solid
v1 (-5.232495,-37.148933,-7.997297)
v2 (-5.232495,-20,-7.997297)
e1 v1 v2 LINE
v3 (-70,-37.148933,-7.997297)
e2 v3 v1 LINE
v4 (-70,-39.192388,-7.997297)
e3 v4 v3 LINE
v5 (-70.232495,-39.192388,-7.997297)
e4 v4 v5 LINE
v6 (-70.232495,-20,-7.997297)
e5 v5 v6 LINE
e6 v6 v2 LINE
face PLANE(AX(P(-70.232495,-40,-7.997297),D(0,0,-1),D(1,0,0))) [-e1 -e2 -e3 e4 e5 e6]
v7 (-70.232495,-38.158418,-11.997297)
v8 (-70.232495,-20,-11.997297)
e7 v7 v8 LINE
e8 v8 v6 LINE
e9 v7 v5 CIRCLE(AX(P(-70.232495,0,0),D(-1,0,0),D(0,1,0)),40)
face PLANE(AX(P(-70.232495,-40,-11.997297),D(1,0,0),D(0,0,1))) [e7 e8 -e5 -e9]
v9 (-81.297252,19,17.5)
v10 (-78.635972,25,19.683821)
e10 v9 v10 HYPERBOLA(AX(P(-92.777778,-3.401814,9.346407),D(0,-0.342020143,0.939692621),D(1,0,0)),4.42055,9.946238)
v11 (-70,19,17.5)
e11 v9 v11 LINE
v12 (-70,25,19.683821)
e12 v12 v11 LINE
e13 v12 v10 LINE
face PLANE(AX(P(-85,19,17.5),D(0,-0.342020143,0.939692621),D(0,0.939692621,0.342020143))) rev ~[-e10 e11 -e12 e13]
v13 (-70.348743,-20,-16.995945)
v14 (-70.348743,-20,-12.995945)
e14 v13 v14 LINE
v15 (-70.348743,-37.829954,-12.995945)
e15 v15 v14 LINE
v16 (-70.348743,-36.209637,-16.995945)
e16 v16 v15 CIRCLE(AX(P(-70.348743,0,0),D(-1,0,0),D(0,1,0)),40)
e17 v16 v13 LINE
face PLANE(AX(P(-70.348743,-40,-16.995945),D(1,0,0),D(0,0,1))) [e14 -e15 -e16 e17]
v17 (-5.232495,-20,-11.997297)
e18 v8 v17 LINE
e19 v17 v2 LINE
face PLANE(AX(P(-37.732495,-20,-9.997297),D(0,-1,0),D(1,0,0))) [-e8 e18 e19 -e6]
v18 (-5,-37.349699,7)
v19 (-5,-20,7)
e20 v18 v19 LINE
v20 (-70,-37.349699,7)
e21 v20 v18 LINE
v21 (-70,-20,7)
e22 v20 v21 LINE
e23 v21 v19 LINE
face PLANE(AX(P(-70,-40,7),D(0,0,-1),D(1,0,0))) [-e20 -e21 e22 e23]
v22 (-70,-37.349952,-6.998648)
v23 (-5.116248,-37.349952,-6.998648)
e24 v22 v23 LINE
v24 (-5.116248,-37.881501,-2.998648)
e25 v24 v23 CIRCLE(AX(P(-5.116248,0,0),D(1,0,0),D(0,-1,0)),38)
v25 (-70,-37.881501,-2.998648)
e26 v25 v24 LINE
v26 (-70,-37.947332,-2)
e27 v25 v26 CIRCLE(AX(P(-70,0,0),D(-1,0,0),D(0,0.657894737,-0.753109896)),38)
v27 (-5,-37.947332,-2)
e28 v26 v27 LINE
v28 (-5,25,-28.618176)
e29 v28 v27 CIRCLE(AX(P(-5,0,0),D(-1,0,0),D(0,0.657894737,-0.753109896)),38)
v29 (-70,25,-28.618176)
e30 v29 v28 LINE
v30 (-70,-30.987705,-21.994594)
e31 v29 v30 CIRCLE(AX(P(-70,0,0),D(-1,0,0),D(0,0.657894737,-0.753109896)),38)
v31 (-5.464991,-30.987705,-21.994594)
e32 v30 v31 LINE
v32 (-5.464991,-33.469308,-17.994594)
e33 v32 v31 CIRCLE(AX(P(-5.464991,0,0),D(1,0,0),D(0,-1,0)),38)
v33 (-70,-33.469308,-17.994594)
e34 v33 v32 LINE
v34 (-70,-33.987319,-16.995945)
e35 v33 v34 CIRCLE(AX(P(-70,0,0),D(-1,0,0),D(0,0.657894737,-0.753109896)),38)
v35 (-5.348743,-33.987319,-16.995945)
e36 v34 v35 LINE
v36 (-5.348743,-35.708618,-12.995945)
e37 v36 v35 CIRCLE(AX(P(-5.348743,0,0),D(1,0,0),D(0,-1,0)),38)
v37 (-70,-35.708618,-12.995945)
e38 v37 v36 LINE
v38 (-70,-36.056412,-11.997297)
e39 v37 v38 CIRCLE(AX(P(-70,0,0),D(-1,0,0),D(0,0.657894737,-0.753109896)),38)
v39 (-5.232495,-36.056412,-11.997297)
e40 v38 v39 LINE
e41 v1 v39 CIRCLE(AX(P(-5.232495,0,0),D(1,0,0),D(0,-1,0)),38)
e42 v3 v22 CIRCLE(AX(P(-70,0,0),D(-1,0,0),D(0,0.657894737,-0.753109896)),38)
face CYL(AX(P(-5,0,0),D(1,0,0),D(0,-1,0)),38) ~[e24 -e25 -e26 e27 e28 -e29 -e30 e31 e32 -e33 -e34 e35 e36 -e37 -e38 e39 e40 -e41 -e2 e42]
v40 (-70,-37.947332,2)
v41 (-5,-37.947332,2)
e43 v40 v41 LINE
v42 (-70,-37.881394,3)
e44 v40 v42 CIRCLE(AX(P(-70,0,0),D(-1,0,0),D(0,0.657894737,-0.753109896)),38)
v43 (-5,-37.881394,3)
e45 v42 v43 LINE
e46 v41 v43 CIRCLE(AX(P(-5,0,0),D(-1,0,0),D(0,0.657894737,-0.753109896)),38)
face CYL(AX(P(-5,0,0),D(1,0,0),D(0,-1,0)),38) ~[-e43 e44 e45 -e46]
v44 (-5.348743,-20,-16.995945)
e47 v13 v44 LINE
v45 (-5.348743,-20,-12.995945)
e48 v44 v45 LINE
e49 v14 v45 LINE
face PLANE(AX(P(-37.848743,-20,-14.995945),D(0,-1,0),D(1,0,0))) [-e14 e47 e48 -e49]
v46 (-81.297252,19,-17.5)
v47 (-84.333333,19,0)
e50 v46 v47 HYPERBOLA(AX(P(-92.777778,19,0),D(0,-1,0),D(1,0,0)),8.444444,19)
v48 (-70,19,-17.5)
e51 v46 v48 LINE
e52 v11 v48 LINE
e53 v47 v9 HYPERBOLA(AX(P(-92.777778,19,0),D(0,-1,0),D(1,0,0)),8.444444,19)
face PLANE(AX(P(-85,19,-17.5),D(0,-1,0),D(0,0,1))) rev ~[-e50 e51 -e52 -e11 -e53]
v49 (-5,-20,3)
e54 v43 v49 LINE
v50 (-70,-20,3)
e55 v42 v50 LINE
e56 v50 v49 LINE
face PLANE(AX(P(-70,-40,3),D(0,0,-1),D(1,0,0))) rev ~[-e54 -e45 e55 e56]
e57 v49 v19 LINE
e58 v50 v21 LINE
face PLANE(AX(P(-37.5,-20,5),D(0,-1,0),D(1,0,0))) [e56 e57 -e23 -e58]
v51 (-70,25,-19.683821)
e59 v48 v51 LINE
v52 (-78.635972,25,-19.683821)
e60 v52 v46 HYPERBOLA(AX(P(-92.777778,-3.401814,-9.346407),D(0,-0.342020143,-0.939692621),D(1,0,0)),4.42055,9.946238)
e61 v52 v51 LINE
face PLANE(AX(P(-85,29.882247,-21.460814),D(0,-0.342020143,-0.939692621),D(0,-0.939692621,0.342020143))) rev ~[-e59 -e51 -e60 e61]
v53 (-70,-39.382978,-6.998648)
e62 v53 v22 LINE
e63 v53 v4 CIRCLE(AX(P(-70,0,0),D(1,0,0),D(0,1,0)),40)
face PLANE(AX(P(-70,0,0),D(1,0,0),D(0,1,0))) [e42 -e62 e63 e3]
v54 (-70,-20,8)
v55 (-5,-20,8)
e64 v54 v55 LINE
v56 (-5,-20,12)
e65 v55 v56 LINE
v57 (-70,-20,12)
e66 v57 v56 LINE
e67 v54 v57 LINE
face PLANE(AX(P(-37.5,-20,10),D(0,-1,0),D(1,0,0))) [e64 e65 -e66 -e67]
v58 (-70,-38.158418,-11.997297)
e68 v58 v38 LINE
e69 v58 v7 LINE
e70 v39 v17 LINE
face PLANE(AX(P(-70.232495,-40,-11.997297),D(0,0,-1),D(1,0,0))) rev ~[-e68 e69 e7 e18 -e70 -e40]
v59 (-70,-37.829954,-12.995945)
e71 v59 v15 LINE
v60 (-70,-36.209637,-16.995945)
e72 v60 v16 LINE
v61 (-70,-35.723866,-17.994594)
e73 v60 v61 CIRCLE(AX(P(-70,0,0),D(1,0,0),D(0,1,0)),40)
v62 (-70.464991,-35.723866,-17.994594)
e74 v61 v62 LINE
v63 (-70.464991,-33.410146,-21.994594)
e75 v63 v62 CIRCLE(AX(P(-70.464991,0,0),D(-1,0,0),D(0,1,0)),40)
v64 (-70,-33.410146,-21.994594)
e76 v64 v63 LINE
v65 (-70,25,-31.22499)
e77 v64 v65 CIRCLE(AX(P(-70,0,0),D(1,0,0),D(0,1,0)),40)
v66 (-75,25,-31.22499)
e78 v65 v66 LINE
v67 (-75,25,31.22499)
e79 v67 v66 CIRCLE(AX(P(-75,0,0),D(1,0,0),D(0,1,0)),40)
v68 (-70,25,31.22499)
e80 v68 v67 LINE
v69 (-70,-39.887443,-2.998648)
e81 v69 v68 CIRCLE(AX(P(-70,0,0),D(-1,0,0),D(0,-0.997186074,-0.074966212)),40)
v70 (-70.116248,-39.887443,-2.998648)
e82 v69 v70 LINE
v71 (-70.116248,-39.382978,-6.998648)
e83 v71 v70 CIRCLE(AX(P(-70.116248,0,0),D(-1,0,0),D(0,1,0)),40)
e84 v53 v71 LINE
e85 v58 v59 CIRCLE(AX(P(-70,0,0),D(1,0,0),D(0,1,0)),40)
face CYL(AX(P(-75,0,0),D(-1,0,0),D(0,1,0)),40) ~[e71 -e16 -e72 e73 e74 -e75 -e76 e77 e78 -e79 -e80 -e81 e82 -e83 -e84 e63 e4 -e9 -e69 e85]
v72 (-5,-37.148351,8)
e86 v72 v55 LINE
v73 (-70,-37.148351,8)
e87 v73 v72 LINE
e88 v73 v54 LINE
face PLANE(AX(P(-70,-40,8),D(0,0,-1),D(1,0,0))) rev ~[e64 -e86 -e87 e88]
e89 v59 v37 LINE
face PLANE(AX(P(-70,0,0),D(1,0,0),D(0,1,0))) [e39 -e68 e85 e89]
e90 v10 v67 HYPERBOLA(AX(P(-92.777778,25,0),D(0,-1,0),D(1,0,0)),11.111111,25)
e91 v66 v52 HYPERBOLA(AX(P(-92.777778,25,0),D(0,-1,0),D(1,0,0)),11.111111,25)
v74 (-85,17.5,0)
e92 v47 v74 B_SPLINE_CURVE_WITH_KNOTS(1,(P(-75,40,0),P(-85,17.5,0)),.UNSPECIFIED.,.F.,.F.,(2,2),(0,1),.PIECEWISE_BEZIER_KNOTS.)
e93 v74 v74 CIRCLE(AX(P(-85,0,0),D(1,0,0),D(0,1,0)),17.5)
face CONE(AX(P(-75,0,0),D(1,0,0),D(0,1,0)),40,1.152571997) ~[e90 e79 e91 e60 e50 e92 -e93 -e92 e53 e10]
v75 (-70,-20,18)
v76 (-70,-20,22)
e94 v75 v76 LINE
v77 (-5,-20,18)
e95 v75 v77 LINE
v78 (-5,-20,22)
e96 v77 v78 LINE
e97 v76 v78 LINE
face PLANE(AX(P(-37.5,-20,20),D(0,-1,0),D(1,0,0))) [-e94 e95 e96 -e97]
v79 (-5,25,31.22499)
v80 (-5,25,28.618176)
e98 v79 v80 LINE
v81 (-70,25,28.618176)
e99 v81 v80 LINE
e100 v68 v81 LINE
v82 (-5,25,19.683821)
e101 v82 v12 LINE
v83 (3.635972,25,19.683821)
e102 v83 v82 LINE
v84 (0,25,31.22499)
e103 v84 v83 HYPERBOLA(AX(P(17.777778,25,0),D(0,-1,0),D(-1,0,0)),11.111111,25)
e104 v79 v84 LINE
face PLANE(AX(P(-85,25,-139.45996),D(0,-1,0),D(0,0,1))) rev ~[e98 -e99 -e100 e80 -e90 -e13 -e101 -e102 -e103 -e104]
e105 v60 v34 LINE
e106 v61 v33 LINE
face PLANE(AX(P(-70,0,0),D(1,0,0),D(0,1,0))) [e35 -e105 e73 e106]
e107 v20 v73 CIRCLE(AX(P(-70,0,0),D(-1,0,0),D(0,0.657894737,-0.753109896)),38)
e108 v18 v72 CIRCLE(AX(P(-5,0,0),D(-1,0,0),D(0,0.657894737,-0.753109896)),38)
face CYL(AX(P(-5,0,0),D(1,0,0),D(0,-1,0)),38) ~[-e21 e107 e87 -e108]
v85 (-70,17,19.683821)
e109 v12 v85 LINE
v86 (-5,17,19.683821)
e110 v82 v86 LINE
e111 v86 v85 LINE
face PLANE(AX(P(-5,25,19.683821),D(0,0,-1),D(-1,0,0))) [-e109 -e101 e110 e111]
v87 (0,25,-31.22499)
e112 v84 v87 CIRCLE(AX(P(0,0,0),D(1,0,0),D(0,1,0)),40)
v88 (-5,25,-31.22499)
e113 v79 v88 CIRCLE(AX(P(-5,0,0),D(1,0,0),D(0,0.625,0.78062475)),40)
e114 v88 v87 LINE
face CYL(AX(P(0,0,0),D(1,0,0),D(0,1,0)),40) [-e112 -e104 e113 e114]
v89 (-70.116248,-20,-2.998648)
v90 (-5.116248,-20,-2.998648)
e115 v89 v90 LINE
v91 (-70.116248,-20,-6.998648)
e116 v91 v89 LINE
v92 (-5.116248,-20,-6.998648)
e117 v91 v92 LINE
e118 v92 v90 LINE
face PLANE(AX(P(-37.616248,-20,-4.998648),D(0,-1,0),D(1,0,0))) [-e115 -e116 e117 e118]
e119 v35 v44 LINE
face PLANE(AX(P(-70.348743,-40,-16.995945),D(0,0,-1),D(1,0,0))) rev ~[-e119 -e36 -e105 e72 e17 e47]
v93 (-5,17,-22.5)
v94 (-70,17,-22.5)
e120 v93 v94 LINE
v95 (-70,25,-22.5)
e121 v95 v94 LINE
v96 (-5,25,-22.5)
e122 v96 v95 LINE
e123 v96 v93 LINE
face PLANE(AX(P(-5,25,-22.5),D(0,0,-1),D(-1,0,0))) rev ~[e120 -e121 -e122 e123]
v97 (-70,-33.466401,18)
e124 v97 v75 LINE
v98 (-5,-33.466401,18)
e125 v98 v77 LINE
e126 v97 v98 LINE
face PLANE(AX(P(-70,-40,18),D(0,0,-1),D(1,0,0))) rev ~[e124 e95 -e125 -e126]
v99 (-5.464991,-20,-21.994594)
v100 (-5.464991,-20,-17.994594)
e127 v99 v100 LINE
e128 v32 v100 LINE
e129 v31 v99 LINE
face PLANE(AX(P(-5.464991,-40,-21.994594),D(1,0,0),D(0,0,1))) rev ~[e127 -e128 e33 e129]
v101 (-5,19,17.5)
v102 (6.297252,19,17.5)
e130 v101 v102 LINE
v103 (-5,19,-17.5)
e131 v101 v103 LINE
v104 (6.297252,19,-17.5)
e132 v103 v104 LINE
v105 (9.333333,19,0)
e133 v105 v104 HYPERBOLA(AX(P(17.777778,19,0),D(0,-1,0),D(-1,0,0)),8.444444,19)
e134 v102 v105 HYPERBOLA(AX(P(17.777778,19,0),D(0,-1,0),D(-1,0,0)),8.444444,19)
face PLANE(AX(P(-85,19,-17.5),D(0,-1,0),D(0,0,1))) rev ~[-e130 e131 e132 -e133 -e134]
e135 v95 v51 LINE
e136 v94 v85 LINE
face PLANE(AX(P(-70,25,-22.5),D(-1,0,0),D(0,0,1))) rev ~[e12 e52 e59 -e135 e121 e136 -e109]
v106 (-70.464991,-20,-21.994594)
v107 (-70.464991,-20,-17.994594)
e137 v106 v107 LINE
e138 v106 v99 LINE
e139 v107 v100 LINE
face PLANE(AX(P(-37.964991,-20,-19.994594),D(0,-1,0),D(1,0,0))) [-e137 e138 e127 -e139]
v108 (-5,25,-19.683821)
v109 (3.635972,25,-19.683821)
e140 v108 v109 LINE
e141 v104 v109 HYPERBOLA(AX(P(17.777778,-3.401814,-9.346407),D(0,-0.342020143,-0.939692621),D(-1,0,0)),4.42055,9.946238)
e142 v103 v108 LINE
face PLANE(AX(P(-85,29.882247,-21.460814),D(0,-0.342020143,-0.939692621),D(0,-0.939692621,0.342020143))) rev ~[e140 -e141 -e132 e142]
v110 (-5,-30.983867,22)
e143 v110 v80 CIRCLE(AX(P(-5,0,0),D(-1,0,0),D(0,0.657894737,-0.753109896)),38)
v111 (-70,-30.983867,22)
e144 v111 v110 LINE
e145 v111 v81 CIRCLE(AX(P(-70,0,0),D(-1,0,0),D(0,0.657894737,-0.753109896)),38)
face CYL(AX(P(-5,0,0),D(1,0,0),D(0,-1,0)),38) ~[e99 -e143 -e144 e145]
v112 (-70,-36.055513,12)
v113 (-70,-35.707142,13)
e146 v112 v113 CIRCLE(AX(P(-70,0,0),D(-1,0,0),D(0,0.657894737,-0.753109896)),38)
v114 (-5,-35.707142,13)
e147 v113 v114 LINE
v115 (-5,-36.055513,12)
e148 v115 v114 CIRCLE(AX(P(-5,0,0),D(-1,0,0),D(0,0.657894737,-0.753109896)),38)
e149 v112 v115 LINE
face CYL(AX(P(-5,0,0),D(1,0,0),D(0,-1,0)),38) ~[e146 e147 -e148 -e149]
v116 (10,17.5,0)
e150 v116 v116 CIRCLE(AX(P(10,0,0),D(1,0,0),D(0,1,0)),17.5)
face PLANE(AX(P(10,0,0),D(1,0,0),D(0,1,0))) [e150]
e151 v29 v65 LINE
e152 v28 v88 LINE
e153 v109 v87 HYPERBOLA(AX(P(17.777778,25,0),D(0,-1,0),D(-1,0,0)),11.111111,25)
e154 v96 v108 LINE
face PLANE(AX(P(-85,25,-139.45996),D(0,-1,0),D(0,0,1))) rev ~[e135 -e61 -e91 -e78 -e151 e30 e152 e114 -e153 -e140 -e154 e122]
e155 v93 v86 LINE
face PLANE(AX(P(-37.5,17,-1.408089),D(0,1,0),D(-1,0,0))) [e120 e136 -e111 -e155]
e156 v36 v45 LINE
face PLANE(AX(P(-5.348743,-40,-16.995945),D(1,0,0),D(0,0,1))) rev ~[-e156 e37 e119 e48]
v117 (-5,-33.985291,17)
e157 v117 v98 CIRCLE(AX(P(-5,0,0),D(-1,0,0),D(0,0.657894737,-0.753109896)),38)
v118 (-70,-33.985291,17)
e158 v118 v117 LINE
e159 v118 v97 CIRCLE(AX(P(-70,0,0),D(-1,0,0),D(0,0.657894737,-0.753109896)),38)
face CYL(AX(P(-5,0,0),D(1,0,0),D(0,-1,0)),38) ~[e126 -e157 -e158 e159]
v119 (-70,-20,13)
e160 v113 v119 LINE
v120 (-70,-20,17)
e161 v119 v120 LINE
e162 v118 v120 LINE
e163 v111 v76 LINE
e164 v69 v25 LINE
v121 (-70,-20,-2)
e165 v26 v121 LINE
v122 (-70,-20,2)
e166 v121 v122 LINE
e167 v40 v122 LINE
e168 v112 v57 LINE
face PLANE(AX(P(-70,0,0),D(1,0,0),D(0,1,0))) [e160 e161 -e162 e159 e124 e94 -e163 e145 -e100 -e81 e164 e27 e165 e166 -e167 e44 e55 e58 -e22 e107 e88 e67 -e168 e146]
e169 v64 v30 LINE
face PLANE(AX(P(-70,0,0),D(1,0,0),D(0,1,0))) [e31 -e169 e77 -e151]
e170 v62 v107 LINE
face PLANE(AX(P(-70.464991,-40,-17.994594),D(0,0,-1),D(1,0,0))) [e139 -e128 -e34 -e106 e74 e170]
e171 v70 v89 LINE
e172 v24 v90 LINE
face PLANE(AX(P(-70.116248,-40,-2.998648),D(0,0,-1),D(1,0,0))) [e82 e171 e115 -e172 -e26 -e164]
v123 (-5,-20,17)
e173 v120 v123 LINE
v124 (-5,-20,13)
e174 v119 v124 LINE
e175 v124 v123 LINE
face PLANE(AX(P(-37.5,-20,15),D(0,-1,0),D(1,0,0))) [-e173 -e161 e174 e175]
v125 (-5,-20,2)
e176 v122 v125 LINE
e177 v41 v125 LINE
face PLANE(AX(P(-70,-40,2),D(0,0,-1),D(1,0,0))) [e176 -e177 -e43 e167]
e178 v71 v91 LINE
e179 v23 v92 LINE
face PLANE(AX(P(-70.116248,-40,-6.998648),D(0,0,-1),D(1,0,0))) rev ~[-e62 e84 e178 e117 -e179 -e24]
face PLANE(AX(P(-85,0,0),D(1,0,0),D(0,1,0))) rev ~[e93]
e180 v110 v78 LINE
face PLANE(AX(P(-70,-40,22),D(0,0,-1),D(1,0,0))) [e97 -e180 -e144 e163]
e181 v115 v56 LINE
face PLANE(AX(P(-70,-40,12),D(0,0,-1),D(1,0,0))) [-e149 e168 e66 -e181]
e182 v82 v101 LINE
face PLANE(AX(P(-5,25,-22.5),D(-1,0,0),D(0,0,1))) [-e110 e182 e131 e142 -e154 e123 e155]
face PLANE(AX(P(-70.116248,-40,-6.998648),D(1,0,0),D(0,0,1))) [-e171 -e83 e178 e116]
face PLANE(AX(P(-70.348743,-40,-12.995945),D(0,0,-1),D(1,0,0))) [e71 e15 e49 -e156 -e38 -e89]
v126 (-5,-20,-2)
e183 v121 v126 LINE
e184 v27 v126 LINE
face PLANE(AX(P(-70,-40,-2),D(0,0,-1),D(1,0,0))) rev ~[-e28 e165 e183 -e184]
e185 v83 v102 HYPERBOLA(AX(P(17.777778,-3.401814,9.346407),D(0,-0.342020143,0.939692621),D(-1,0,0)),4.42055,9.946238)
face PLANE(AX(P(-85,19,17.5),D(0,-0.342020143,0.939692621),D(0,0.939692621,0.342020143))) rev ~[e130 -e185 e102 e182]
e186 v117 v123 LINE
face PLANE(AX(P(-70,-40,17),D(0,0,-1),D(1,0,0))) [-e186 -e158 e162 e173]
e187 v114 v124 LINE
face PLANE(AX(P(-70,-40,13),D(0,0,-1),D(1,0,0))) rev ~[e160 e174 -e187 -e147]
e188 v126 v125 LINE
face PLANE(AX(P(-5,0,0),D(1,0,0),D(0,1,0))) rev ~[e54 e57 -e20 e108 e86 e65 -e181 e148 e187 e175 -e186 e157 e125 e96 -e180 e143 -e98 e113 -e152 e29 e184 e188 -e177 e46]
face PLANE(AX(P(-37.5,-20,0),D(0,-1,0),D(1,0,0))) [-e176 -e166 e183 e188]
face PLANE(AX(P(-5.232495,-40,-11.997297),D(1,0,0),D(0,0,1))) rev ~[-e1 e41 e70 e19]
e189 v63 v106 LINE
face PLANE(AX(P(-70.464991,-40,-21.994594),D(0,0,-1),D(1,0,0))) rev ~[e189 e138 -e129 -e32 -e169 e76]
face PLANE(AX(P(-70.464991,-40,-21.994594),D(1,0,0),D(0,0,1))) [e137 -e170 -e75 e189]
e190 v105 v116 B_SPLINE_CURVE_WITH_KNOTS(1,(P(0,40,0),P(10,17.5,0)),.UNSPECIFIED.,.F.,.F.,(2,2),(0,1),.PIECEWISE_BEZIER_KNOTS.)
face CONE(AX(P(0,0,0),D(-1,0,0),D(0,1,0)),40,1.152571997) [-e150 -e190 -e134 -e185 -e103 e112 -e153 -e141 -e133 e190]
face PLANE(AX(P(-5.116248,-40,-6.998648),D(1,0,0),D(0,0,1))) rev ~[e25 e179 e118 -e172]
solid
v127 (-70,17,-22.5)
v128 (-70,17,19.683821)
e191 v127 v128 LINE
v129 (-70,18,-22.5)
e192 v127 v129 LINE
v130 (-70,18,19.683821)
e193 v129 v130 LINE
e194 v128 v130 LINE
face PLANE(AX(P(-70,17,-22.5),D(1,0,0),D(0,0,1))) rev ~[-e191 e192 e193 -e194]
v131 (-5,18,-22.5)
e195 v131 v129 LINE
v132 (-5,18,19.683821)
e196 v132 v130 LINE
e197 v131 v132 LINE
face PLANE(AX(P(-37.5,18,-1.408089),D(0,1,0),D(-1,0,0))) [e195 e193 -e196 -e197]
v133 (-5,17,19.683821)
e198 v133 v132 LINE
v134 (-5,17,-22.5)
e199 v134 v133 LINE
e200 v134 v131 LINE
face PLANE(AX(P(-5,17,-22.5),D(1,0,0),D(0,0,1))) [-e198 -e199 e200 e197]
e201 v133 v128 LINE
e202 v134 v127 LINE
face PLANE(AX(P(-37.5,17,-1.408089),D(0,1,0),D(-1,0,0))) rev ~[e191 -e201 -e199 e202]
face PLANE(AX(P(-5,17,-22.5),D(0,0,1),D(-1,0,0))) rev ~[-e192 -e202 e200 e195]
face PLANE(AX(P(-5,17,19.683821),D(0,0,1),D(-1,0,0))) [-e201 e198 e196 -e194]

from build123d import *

# Parameters (mm, degrees)
F0_R      = 40
F2_R      = 17.5
F4_DEPTH  = 5
F8_R      = 40
F9_R      = 17.5
F11_DEPTH = 5
F12_R     = 38
F13_DEPTH = 65
F14_W     = 122.727232807
F14_H     = 276.1362824652
F15_DEPTH = 100
F17_DEPTH = 100
F18_W     = 65
F18_H     = 42.1838214056
F19_DEPTH = 8
F20_DEPTH = 1
F22_W     = 65
F22_H     = 4
F23_DEPTH = 20


with BuildPart() as f3:
    # F0 (on Right) → F3 section 0
    with BuildSketch(Plane.YZ):
        Circle(F0_R)
    # F2 (on offset) → F3 section 1
    with BuildSketch(Plane.YZ.offset(10)):
        Circle(F2_R)
    loft()

    # F0 (on Right) → F4 (join)
    with BuildSketch(Plane.YZ):
        Circle(F0_R)
    extrude(amount=-F4_DEPTH)



with BuildPart() as f10:
    # F8 (on offset) → F10 section 0
    with BuildSketch(Plane.YZ.offset(-75)):
        Circle(F8_R)
    # F9 (on offset) → F10 section 1
    with BuildSketch(Plane.YZ.offset(-85)):
        Circle(F9_R)
    loft()

    # F11 (add): a face of the model
    f11_faces = [f10.faces().sort_by_distance(p)[0] for p in [
        (-75, 0, 0),
    ]]
    extrude(f11_faces, amount=F11_DEPTH)


with BuildPart() as f3_1:
    add(f3.part)

    add(f10.part)  # F13 merges F10
    # F12 (on face) → F13 (join)
    with BuildSketch(Plane(origin=(-5, 0, 0), x_dir=(0, -1, 0), z_dir=(-1, 0, 0))):
        Circle(F12_R)
    extrude(amount=F13_DEPTH)

    # F14 (on face) → F15 (cut)
    with BuildSketch(Plane(origin=(-85, 0, 0), x_dir=(0, -1, 0), z_dir=(-1, 0, 0))):
        with Locations((-86.3636164035, -1.3918187469)):
            Rectangle(F14_W, F14_H)
    extrude(amount=-F15_DEPTH, mode=Mode.SUBTRACT)

    # F16 (on face) → F17 (cut)
    with BuildSketch(Plane(origin=(-85, 0, 0), x_dir=(0, -1, 0), z_dir=(-1, 0, 0))):
        Polygon((-19, 17.5), (-29.8822466855, 21.4608138755), (-29.8822466855, -21.4608138755), (-19, -17.5), align=None)
    extrude(amount=-F17_DEPTH, mode=Mode.SUBTRACT)

    # F18 (on face) → F19 (cut)
    with BuildSketch(Plane(origin=(0, 25, 0), x_dir=(-1, 0, 0), z_dir=(0, 1, 0))):
        with Locations((37.5, -1.4080892972)):
            Rectangle(F18_W, F18_H)
    extrude(amount=-F19_DEPTH, mode=Mode.SUBTRACT)


with BuildPart() as f20:
    # F20 (new): a face of the model
    f20_faces = [f3_1.part.faces().sort_by_distance(p)[0] for p in [
        (-37.5, 17, -1.4080892972),
    ]]
    extrude(f20_faces, amount=F20_DEPTH)


with BuildPart() as f3_2:
    add(f3_1.part)

    # F22 (on offset) → F23 (cut)
    with BuildSketch(Plane.XZ.offset(40)):
        with Locations((-37.5, 0)):
            Rectangle(F22_W, F22_H)
        with Locations((-37.5, 5)):
            Rectangle(F22_W, F22_H)
        with Locations((-37.5, 10)):
            Rectangle(F22_W, F22_H)
        with Locations((-37.5, 15)):
            Rectangle(F22_W, F22_H)
        with Locations((-37.5, 20)):
            Rectangle(F22_W, F22_H)
        with Locations((-37.6162476387, -4.998648466)):
            Rectangle(F22_W, F22_H)
        with Locations((-37.7324952775, -9.997296932)):
            Rectangle(F22_W, F22_H)
        with Locations((-37.8487429162, -14.995945398)):
            Rectangle(F22_W, F22_H)
        with Locations((-37.964990555, -19.9945938639)):
            Rectangle(F22_W, F22_H)
    extrude(amount=-F23_DEPTH, mode=Mode.SUBTRACT)


solid = Compound([f20.part, f3_2.part])
